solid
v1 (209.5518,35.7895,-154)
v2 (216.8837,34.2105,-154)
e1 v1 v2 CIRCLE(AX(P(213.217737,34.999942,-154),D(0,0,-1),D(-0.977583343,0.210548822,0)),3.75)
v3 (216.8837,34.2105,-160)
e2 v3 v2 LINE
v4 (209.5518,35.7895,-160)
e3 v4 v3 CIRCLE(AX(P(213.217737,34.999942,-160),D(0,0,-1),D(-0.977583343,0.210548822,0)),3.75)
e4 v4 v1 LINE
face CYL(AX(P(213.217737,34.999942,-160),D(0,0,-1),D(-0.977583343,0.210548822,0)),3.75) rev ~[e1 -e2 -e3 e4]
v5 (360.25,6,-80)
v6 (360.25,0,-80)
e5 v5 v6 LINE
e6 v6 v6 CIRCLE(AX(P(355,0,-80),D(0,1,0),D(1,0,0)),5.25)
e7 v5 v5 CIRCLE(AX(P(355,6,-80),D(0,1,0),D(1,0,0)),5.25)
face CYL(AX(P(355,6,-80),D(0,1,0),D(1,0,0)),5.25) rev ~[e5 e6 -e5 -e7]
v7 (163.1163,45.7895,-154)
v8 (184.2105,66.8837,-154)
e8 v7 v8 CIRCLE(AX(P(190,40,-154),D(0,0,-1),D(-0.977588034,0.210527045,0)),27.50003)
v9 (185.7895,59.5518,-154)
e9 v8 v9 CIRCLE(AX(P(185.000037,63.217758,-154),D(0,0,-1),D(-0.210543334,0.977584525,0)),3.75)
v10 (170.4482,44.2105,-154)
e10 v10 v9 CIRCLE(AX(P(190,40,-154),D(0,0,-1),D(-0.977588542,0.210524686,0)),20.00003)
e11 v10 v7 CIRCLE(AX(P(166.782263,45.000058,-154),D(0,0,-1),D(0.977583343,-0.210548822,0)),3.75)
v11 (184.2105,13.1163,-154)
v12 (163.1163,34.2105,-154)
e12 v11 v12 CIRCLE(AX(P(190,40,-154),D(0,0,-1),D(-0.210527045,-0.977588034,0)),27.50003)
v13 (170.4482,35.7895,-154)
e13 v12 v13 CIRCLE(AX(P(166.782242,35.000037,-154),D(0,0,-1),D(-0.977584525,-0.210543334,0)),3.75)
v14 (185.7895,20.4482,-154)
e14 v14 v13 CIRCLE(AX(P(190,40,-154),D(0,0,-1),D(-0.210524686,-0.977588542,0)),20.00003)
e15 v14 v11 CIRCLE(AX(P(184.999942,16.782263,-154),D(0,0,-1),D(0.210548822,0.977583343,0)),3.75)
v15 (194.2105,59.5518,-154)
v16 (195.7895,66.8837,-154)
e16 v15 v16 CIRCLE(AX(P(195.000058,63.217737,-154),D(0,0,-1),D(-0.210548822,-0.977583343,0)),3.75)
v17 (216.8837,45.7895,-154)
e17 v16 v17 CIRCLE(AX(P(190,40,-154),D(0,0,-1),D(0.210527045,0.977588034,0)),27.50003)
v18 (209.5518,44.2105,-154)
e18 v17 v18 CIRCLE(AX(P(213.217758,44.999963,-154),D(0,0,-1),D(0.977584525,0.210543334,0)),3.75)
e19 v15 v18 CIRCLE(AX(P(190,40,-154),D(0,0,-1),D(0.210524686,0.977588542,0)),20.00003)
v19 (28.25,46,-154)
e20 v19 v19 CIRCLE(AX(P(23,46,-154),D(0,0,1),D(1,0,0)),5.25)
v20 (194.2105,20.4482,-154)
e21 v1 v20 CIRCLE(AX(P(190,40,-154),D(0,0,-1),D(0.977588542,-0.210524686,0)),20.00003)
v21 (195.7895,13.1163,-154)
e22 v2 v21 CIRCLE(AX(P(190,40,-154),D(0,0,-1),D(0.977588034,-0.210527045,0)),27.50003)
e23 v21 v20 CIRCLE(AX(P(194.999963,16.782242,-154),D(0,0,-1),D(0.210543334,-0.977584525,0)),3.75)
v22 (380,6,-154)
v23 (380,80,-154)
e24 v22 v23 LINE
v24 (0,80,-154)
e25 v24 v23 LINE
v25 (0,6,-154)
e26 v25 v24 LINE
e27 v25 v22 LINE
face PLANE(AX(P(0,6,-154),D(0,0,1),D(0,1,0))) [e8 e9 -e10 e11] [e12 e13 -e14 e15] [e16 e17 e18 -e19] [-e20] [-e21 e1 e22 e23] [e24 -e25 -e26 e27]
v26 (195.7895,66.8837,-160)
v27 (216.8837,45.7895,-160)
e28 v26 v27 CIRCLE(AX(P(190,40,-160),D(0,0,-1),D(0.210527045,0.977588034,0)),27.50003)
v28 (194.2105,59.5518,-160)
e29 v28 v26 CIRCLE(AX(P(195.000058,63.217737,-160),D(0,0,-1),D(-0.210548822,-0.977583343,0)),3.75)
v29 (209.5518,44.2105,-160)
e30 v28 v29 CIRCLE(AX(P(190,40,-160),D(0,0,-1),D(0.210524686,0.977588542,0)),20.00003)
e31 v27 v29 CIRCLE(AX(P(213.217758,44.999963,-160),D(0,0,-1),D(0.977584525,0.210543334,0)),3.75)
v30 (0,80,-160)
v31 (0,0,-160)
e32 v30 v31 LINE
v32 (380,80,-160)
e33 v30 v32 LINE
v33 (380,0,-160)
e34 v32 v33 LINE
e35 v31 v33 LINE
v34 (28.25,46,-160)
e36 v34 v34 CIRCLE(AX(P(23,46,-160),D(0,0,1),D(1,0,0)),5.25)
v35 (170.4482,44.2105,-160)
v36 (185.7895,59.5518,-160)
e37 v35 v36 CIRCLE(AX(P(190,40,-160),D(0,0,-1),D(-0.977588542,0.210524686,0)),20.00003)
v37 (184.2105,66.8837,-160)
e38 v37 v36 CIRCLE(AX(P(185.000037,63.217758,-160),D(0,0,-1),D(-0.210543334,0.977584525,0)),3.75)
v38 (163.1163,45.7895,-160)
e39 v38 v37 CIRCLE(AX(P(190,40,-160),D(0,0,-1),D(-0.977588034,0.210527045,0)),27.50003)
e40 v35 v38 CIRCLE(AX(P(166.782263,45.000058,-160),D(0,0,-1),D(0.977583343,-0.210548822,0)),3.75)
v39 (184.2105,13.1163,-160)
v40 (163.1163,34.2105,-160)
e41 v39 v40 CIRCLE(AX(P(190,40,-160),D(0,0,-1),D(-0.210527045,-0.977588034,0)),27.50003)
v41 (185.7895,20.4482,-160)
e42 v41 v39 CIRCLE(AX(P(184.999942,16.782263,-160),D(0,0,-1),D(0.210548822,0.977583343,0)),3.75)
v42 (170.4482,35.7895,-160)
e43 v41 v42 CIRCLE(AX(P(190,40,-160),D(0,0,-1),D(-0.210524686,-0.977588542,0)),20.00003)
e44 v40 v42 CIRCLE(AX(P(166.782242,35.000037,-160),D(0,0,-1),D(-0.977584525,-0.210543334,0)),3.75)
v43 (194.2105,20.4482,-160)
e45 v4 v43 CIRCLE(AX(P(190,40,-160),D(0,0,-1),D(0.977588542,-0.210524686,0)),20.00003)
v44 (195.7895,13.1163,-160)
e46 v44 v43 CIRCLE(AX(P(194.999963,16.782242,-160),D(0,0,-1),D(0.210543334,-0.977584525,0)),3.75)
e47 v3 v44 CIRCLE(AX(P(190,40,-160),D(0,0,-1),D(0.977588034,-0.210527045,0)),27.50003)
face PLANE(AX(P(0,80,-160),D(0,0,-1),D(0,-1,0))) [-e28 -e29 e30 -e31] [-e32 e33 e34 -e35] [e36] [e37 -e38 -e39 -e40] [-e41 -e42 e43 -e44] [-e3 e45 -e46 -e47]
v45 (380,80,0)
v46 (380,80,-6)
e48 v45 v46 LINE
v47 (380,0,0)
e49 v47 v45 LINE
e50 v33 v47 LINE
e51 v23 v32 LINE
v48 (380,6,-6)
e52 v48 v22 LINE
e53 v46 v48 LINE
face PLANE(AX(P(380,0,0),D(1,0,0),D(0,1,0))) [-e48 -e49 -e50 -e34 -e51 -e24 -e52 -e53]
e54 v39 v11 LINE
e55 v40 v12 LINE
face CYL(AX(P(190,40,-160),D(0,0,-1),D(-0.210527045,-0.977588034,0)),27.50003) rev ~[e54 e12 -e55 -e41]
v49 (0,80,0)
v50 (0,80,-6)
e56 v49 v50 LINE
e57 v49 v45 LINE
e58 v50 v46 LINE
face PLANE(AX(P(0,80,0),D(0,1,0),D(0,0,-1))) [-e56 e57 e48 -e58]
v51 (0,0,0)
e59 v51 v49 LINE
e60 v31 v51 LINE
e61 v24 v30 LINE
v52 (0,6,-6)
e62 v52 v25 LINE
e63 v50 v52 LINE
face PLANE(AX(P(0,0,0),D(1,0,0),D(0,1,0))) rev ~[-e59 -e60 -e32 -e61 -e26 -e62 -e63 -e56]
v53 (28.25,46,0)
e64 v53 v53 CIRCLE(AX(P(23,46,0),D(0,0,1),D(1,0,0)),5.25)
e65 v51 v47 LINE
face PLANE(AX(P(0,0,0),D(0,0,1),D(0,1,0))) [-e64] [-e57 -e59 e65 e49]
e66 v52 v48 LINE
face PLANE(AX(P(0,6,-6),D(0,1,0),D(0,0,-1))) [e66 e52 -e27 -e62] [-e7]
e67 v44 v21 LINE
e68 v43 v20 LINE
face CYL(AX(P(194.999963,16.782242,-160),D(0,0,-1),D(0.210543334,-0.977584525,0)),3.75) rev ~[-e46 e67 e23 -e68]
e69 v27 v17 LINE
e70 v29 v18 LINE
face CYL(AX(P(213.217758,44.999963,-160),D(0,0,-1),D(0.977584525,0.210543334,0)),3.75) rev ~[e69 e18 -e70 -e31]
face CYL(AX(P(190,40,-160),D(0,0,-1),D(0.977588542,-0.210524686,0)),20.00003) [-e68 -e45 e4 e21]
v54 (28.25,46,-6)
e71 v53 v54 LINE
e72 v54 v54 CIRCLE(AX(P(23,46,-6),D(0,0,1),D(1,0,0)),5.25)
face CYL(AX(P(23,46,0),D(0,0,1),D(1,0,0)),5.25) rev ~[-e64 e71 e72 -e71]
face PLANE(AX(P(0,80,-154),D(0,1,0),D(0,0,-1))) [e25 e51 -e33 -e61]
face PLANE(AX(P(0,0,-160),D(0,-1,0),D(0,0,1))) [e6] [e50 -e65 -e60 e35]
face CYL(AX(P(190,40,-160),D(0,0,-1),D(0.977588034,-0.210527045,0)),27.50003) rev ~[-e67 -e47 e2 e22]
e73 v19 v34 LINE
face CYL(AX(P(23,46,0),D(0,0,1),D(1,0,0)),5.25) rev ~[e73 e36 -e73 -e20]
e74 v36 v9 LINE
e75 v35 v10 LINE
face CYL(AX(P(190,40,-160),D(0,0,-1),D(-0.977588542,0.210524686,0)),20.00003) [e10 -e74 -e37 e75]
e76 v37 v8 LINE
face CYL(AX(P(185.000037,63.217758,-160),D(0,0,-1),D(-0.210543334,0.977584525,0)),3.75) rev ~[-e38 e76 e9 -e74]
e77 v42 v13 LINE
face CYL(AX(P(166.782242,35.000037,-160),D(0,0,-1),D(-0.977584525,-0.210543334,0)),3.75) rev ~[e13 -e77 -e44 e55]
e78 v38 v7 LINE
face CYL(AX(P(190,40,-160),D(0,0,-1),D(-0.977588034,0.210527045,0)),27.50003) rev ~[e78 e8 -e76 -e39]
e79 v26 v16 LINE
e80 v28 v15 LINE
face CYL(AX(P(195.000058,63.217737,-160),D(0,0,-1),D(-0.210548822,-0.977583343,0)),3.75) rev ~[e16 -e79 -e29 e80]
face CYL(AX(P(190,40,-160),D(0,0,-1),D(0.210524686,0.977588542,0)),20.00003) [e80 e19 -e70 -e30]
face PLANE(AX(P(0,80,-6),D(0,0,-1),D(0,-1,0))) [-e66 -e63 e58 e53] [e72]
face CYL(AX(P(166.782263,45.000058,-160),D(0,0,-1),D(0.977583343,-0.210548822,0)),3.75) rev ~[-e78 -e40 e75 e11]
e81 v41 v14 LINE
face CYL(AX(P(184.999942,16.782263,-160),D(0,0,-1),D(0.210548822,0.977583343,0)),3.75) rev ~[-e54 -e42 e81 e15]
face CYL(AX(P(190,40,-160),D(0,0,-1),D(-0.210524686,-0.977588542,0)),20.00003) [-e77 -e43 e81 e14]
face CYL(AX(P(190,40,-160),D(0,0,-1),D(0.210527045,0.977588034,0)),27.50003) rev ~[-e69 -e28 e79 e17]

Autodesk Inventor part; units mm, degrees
ref_plane "YZ Plane" through (0, 0, 0) normal (1, 0, 0) x (0, 1, 0)
ref_plane "XZ Plane" through (0, 0, 0) normal (0, 1, 0) x (-1, 0, 0)
ref_plane "XY Plane" through (0, 0, 0) normal (0, 0, 1) x (1, 0, 0)
sketch "Náčrt1" plane through (0, 0, 0) normal (1, 0, 0) x (0, 1, 0)
  line L0 (0, 0) -> (80, 0)
  line L1 (80, 0) -> (80, -6)
  line L2 (80, -6) -> (6, -6)
  line L3 (6, -6) -> (6, -154)
  line L4 (6, -154) -> (80, -154)
  line L5 (80, -154) -> (80, -160)
  line L6 (80, -160) -> (0, -160)
  line L7 (0, -160) -> (0, 0)
  dimension "d0" = 80
  dimension "d1" = 6
  dimension "d3" = 148
  dimension "d5" = 6
  dimension "d6" = 80
  dimension "d20" = 160
  dimension "d21" = 74
extrude "Vysunutí1" add sketch "Náčrt1" along normal blind 380
sketch "Náčrt4" plane through (0, 6, -6) normal (0, 1, 0) x (1, 0, 0)
  line L0 (0, 0) -> (0, 148) projected
  line L1 (0, 0) -> (380, 0) projected
  line L2 (380, 148) -> (380, 0) projected
  line L3 (0, 148) -> (380, 148) projected
  circle A0 centre (355, 74) radius 5.25
  line L4 (0, 154) -> (380, 154) projected
  point P0 (0, -6)
  dimension "d14" = 25
  dimension "d15" = 80
  dimension "d16" = 10.5
extrude "Vysunutí3" cut sketch "Náčrt4" against normal through all contours A0
sketch "Náčrt5" plane through (0, 0, 0) normal (0, 0, 1) x (1, 0, 0)
  circle A0 centre (23, 46) radius 5.25
  line L0 (380, 80) -> (380, 0) projected
  line L1 (0, 0) -> (380, 0) projected
  dimension "d22" = 10.5
  dimension "d23" = 357
  dimension "d24" = 46
extrude "Vysunutí4" cut sketch "Náčrt5" against normal through all
sketch "Náčrt6" plane through (0, 0, -160) normal (0, 0, -1) x (-1, 0, 0)
  circle A0 centre (-23, 46) radius 5.25 projected
  line L0 (0, 80) -> (0, 0) projected
  line L1 (0, 80) -> (-380, 80) projected
  line L2 (-380, 0) -> (-380, 80) projected
  line L3 (0, 0) -> (-380, 0) projected
  line L4 (-219.2388, 40) -> (-154.125, 40)
  line L5 (-190, 7.0383) -> (-190, 75.4408)
  arc A1 (-216.8837, 45.7895) -> (-209.5518, 44.2105) centre (-213.2177, 45) ccw
  arc A2 (-209.5518, 35.7895) -> (-216.8837, 34.2105) centre (-213.2177, 35) ccw
  arc A3 (-195.7895, 13.1163) -> (-194.2105, 20.4482) centre (-195, 16.7823) ccw
  arc A4 (-185.7895, 20.4482) -> (-184.2105, 13.1163) centre (-185, 16.7823) ccw
  arc A5 (-163.1163, 34.2105) -> (-170.4482, 35.7895) centre (-166.7823, 35) ccw
  arc A6 (-170.4482, 44.2105) -> (-163.1163, 45.7895) centre (-166.7823, 45) ccw
  arc A7 (-184.2105, 66.8837) -> (-185.7895, 59.5518) centre (-185, 63.2177) ccw
  arc A8 (-194.2105, 59.5518) -> (-195.7895, 66.8837) centre (-195, 63.2177) ccw
  arc A9 (-194.2105, 59.5518) -> (-209.5518, 44.2105) centre (-190, 40) ccw
  arc A10 (-195.7895, 66.8837) -> (-216.8837, 45.7895) centre (-190, 40) ccw
  arc A11 (-163.1163, 45.7895) -> (-184.2105, 66.8837) centre (-190, 40) ccw
  arc A12 (-170.4482, 44.2105) -> (-185.7895, 59.5518) centre (-190, 40) ccw
  arc A13 (-216.8837, 34.2105) -> (-195.7895, 13.1163) centre (-190, 40) ccw
  arc A14 (-184.2105, 13.1163) -> (-163.1163, 34.2105) centre (-190, 40) ccw
  arc A15 (-209.5518, 35.7895) -> (-194.2105, 20.4482) centre (-190, 40) ccw
  arc A16 (-185.7895, 20.4482) -> (-170.4482, 35.7895) centre (-190, 40) ccw
  point P0 (0, 0)
  dimension "d22" = 10.5
  dimension "d29" = 190
  dimension "d30" = 40
  dimension "d31" = 5
  dimension "d32" = 5
  dimension "d35" = 360
extrude "Vysunutí5" cut sketch "Náčrt6" against normal up to surface (6 mm away) contours A10 A8 A9 A1 | A15 A3 A13 A2 | A16 A5 A14 A4 | A12 A7 A11 A6
properties part number "U profil"
